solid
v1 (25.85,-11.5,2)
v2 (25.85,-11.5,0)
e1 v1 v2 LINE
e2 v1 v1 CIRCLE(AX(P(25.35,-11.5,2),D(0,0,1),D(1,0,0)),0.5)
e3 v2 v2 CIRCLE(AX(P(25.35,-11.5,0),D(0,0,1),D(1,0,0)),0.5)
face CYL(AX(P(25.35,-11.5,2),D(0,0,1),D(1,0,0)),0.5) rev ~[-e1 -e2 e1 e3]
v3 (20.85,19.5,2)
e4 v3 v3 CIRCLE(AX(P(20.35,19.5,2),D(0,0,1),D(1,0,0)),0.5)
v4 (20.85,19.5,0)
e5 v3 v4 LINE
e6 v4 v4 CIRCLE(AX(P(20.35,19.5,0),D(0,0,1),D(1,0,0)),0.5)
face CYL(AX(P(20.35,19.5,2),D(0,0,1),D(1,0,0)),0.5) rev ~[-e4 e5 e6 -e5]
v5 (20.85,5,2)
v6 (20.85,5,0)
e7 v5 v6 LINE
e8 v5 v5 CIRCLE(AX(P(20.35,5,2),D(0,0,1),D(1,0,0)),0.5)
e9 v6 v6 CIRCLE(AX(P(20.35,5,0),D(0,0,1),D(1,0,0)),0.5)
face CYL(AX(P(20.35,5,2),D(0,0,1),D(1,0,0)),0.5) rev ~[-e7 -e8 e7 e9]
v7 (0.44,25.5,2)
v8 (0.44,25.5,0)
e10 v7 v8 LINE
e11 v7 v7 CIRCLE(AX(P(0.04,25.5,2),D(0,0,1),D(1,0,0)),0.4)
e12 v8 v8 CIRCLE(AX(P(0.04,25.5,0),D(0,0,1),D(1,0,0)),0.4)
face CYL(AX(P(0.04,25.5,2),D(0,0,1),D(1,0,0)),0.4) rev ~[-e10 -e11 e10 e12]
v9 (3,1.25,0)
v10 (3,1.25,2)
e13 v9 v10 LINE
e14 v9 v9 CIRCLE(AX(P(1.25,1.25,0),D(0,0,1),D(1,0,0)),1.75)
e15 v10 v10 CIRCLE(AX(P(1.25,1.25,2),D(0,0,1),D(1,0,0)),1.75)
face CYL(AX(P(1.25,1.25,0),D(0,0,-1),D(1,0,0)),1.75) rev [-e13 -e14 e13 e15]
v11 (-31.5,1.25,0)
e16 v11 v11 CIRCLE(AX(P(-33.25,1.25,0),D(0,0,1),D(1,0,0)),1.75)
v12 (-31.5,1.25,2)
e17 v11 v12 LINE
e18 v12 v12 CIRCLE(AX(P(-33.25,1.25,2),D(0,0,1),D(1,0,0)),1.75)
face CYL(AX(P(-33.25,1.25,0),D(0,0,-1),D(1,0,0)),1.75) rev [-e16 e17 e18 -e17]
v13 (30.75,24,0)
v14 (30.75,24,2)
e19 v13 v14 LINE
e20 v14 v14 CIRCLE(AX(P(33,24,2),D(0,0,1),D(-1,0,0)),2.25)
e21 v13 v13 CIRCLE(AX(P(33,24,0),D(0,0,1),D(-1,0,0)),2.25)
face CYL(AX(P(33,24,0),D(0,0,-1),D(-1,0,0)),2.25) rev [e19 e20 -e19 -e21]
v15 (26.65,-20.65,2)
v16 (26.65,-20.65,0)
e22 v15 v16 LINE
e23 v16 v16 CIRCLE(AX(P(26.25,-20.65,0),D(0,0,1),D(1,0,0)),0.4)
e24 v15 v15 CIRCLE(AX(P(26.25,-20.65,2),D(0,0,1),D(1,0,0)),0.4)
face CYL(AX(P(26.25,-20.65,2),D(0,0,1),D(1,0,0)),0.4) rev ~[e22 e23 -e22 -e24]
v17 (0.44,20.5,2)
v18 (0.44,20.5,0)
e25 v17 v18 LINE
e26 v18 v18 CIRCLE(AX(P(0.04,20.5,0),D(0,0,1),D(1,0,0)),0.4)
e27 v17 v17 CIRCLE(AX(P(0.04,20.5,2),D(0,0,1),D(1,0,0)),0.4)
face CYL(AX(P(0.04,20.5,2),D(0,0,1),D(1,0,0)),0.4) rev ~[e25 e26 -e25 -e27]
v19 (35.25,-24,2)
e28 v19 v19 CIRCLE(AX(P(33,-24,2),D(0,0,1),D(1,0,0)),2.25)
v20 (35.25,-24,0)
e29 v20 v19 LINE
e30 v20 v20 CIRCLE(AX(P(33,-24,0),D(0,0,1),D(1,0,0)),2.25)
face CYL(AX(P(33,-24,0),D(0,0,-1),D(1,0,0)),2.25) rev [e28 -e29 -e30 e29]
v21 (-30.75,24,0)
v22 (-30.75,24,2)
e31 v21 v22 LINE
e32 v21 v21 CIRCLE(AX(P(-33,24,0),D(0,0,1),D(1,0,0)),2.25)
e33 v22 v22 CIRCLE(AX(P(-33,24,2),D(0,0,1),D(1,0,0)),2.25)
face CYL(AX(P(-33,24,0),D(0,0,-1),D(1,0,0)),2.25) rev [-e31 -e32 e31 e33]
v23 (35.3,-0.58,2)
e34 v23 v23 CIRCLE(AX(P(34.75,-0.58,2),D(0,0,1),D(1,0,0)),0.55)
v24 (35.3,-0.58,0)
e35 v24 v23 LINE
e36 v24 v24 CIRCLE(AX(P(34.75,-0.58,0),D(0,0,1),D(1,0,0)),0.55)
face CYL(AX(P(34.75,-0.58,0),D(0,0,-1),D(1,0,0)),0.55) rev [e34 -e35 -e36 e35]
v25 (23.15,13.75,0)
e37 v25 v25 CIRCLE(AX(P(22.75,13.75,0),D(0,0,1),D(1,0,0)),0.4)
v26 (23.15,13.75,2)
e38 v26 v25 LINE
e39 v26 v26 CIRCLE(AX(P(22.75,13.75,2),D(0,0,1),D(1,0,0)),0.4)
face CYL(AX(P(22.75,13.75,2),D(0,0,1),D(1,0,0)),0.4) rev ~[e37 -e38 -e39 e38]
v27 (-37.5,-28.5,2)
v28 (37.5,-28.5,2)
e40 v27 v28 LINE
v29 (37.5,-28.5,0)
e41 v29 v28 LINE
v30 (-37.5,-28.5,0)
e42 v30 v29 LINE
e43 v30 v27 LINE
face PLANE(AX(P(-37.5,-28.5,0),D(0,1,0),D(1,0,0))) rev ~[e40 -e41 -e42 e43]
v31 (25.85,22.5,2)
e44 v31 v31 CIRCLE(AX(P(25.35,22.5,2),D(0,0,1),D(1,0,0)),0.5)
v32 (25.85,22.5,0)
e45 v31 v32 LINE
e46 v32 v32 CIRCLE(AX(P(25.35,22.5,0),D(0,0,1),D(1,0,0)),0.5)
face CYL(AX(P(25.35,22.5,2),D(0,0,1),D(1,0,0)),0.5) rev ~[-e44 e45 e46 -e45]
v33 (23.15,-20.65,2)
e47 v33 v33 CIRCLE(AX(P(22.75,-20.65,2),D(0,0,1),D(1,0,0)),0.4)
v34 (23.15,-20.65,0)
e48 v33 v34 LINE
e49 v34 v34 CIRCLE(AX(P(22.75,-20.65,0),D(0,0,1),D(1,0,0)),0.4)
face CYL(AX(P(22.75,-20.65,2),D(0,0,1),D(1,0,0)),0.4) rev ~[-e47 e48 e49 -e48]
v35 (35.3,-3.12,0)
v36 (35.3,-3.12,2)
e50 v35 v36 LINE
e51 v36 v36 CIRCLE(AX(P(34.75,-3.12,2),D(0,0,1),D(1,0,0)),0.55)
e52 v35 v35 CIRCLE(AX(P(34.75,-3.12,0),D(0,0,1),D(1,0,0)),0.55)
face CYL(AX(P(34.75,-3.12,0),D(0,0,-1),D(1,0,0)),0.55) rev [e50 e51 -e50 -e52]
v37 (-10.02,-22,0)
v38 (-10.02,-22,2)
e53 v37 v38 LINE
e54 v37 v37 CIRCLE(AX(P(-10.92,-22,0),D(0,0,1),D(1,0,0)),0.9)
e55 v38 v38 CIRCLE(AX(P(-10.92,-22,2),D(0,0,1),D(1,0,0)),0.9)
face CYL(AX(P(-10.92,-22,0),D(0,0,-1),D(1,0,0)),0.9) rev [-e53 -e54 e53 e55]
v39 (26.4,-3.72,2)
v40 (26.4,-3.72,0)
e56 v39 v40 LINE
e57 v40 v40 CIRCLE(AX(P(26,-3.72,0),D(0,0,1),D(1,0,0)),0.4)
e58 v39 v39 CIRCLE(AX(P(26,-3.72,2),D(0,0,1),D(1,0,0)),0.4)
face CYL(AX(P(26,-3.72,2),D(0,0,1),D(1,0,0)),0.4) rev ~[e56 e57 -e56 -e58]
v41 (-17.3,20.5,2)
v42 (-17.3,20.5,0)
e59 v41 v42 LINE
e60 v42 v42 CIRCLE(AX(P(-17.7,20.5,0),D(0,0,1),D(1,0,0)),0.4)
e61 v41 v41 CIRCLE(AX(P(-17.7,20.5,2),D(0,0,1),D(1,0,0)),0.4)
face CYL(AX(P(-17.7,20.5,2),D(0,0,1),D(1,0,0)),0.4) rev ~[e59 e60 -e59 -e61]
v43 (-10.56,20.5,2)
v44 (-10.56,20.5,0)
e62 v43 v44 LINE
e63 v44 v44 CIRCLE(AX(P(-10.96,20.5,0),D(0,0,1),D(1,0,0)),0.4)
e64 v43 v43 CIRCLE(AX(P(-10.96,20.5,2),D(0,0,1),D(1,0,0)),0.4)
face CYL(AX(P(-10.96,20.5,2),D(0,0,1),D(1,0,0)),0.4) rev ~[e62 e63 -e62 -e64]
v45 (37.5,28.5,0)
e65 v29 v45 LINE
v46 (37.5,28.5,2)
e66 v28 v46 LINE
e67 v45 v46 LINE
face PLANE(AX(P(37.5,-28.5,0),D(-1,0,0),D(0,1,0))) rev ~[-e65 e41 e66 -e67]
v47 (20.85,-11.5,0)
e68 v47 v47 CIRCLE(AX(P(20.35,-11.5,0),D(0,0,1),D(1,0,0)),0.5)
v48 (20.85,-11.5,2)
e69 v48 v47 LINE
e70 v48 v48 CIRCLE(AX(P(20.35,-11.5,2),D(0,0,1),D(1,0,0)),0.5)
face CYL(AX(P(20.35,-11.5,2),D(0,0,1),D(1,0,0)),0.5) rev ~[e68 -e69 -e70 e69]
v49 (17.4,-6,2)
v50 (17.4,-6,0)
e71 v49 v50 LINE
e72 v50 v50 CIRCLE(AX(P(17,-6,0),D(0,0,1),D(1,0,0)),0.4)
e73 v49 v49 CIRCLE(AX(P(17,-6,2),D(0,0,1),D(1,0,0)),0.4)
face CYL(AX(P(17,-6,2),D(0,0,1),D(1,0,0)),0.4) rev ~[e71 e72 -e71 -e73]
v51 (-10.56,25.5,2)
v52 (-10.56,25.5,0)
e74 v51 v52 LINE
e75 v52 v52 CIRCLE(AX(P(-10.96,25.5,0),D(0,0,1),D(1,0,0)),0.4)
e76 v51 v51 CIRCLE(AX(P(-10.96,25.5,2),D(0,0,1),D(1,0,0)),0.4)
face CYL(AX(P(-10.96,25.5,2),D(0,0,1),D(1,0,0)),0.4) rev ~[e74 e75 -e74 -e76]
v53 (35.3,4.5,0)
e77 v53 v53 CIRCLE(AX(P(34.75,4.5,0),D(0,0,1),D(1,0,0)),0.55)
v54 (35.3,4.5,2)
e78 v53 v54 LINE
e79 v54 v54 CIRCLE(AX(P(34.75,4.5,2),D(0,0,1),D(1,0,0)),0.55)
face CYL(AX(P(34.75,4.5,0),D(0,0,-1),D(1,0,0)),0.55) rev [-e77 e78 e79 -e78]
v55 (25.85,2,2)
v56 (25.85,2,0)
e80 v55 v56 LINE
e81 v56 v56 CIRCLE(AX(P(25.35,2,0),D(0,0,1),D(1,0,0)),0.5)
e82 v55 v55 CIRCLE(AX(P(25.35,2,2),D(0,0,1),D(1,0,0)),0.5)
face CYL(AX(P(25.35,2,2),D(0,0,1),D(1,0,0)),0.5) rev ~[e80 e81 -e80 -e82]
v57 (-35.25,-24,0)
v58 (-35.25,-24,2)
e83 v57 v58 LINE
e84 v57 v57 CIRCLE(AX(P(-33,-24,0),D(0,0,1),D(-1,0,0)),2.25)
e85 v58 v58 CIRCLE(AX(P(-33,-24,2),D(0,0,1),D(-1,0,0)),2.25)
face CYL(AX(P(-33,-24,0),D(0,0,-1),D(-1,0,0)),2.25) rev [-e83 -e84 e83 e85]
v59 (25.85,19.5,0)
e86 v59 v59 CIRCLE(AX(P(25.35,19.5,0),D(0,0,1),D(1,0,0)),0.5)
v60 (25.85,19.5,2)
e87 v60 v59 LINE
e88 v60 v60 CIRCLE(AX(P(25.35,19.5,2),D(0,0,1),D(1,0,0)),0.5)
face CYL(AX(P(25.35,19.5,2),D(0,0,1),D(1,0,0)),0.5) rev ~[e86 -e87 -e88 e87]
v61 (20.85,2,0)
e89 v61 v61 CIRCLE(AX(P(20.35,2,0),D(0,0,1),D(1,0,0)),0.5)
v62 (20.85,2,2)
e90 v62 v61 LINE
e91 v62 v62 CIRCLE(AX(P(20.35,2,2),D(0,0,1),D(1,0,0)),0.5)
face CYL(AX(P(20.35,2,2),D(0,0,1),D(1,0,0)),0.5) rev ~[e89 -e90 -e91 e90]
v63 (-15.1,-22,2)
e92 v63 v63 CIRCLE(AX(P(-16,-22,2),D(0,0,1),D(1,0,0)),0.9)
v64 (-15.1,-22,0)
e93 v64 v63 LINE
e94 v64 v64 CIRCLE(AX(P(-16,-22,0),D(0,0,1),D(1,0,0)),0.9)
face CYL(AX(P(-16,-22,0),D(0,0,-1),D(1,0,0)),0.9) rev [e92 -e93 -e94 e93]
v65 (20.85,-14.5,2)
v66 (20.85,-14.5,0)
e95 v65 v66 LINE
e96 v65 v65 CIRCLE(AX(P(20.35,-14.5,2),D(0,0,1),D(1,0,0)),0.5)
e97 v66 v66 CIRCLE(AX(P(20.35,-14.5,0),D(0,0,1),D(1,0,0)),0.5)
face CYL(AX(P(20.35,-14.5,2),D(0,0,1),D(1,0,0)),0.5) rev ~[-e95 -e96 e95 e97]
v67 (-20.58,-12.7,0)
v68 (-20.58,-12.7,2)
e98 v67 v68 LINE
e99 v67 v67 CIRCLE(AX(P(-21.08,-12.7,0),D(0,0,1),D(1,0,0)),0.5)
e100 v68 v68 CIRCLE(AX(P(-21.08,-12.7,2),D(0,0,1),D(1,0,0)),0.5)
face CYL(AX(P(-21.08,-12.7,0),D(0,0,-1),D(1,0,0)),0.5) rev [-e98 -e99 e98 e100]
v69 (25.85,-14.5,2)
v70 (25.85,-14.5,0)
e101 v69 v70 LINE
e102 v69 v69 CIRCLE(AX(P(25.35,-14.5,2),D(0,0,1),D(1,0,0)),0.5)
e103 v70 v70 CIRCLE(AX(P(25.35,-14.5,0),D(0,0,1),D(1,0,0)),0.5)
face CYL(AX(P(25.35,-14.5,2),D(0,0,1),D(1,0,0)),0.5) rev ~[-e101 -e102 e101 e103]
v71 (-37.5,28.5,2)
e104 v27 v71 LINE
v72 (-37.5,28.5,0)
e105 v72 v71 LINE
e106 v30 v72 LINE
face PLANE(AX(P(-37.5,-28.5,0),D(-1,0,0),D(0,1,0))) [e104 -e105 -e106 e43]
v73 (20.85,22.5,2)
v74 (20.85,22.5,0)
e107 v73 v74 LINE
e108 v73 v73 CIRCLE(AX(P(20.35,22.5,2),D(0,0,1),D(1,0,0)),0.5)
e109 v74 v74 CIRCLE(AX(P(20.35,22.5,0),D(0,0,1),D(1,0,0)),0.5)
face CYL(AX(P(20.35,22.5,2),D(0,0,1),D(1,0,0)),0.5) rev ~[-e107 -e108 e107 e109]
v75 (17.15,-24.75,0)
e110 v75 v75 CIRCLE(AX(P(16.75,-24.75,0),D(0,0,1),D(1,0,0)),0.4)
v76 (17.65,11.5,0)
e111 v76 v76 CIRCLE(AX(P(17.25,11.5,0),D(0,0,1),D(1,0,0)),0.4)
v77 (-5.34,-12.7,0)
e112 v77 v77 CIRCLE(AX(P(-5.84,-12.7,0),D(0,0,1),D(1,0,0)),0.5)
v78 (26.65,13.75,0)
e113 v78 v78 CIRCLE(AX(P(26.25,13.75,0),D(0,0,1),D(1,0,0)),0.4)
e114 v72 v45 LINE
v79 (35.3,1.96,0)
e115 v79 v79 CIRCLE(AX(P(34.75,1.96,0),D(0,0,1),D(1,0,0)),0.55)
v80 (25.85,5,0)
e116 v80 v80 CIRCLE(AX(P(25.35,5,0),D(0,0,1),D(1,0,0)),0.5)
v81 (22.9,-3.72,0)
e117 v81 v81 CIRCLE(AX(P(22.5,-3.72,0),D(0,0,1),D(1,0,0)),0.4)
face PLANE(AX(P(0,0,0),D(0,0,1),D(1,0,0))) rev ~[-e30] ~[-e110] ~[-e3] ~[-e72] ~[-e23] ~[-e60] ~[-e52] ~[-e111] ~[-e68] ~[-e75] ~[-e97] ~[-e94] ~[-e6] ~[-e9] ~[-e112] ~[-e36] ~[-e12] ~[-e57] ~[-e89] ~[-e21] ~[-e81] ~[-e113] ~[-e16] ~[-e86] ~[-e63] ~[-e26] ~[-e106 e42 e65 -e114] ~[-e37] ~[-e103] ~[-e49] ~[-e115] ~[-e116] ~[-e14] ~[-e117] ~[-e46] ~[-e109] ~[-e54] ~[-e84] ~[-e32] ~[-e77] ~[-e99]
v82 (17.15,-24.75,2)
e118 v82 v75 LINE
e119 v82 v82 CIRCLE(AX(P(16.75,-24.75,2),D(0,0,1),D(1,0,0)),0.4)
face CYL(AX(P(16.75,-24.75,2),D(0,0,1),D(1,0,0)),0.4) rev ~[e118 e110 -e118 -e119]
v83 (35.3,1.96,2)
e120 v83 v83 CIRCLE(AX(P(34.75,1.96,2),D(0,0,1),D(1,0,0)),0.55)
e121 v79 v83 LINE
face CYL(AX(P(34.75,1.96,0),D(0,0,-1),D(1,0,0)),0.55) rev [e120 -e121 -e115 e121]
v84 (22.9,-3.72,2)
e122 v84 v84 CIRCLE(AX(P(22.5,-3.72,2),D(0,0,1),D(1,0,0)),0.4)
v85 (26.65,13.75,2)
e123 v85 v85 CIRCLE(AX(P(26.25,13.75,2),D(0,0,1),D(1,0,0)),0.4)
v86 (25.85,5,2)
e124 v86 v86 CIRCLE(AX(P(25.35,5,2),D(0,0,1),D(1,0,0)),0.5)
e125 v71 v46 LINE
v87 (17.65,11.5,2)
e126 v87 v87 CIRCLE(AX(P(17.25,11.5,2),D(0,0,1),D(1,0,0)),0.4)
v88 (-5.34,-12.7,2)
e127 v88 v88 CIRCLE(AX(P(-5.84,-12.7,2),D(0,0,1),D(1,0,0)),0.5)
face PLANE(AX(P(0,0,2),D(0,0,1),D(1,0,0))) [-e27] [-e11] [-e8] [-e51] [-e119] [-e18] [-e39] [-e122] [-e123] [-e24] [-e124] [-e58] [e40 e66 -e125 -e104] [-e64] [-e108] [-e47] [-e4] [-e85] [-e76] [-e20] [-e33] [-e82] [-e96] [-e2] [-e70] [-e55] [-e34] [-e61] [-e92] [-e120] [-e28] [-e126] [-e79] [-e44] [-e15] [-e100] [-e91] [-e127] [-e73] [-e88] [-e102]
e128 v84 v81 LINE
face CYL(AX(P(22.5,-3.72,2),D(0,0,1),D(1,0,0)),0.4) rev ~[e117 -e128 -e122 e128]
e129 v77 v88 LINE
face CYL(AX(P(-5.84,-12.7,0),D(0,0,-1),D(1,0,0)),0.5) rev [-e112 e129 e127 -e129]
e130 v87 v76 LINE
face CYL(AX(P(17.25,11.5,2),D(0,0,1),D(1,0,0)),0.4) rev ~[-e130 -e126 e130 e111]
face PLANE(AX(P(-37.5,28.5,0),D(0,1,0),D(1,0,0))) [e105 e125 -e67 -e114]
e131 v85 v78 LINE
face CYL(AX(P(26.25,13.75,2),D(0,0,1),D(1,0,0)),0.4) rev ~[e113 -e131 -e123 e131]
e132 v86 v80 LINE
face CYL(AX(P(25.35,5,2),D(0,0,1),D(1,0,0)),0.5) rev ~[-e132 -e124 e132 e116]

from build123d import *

# Parameters (mm, degrees)
SKETCH_1_W          = 75
SKETCH_1_H          = 57
SKETCH_1_R          = 2.25
SKETCH_1_R_2        = 0.9
SKETCH_1_R_3        = 0.55
SKETCH_1_R_4        = 0.5
SKETCH_1_R_5        = 1.75
EXTRUDE_1_DEPTH     = 2
SKETCH_2_R          = 0.4
CUT_EXTRUDE_1_DEPTH = 2
SKETCH_3_R          = 0.5
CUT_EXTRUDE_2_DEPTH = 2


with BuildPart() as part:
    # Эскиз1 → Вытянуть1 (new body)
    with BuildSketch(Plane.XY):
        Rectangle(SKETCH_1_W, SKETCH_1_H)
        with Locations((-33, 24)):
            Circle(SKETCH_1_R, mode=Mode.SUBTRACT)
        with Locations(Location((33, 24, 0), (0, 0, 180))):
            Circle(SKETCH_1_R, mode=Mode.SUBTRACT)
        with Locations((33, -24)):
            Circle(SKETCH_1_R, mode=Mode.SUBTRACT)
        with Locations(Location((-33, -24, 0), (0, 0, 180))):
            Circle(SKETCH_1_R, mode=Mode.SUBTRACT)
        with Locations((-16, -22)):
            Circle(SKETCH_1_R_2, mode=Mode.SUBTRACT)
        with Locations((-10.92, -22)):
            Circle(SKETCH_1_R_2, mode=Mode.SUBTRACT)
        with Locations((34.75, -3.12)):
            Circle(SKETCH_1_R_3, mode=Mode.SUBTRACT)
        with Locations((34.75, -0.58)):
            Circle(SKETCH_1_R_3, mode=Mode.SUBTRACT)
        with Locations((34.75, 1.96)):
            Circle(SKETCH_1_R_3, mode=Mode.SUBTRACT)
        with Locations((34.75, 4.5)):
            Circle(SKETCH_1_R_3, mode=Mode.SUBTRACT)
        with Locations((-5.84, -12.7)):
            Circle(SKETCH_1_R_4, mode=Mode.SUBTRACT)
        with Locations((-21.08, -12.7)):
            Circle(SKETCH_1_R_4, mode=Mode.SUBTRACT)
        with Locations((-33.25, 1.25)):
            Circle(SKETCH_1_R_5, mode=Mode.SUBTRACT)
        with Locations((1.25, 1.25)):
            Circle(SKETCH_1_R_5, mode=Mode.SUBTRACT)
    extrude(amount=EXTRUDE_1_DEPTH)

    # Эскиз2 → Вырез-Вытянуть1 (cut)
    with BuildSketch(Plane.XY.offset(2)):
        with Locations((-17.7, 20.5)):
            Circle(SKETCH_2_R)
        with Locations((16.75, -24.75)):
            Circle(SKETCH_2_R)
        with Locations((17, -6)):
            Circle(SKETCH_2_R)
        with Locations((17.25, 11.5)):
            Circle(SKETCH_2_R)
        with Locations((-10.96, 20.5)):
            Circle(SKETCH_2_R)
        with Locations((0.04, 20.5)):
            Circle(SKETCH_2_R)
        with Locations((-10.96, 25.5)):
            Circle(SKETCH_2_R)
        with Locations((0.04, 25.5)):
            Circle(SKETCH_2_R)
        with Locations((22.75, -20.65)):
            Circle(SKETCH_2_R)
        with Locations((26.25, -20.65)):
            Circle(SKETCH_2_R)
        with Locations((22.5, -3.72)):
            Circle(SKETCH_2_R)
        with Locations((26, -3.72)):
            Circle(SKETCH_2_R)
        with Locations((22.75, 13.75)):
            Circle(SKETCH_2_R)
        with Locations((26.25, 13.75)):
            Circle(SKETCH_2_R)
    extrude(amount=-CUT_EXTRUDE_1_DEPTH, mode=Mode.SUBTRACT)

    # Эскиз3 → Вырез-Вытянуть2 (cut)
    with BuildSketch(Plane.XY.offset(2)):
        with Locations((20.35, 19.5)):
            Circle(SKETCH_3_R)
        with Locations((25.35, 19.5)):
            Circle(SKETCH_3_R)
        with Locations((25.35, 22.5)):
            Circle(SKETCH_3_R)
        with Locations((20.35, 22.5)):
            Circle(SKETCH_3_R)
        with Locations((20.35, 2)):
            Circle(SKETCH_3_R)
        with Locations((25.35, 2)):
            Circle(SKETCH_3_R)
        with Locations((25.35, 5)):
            Circle(SKETCH_3_R)
        with Locations((20.35, 5)):
            Circle(SKETCH_3_R)
        with Locations((20.35, -14.5)):
            Circle(SKETCH_3_R)
        with Locations((25.35, -14.5)):
            Circle(SKETCH_3_R)
        with Locations((25.35, -11.5)):
            Circle(SKETCH_3_R)
        with Locations((20.35, -11.5)):
            Circle(SKETCH_3_R)
    extrude(amount=-CUT_EXTRUDE_2_DEPTH, mode=Mode.SUBTRACT)


solid = part.part
